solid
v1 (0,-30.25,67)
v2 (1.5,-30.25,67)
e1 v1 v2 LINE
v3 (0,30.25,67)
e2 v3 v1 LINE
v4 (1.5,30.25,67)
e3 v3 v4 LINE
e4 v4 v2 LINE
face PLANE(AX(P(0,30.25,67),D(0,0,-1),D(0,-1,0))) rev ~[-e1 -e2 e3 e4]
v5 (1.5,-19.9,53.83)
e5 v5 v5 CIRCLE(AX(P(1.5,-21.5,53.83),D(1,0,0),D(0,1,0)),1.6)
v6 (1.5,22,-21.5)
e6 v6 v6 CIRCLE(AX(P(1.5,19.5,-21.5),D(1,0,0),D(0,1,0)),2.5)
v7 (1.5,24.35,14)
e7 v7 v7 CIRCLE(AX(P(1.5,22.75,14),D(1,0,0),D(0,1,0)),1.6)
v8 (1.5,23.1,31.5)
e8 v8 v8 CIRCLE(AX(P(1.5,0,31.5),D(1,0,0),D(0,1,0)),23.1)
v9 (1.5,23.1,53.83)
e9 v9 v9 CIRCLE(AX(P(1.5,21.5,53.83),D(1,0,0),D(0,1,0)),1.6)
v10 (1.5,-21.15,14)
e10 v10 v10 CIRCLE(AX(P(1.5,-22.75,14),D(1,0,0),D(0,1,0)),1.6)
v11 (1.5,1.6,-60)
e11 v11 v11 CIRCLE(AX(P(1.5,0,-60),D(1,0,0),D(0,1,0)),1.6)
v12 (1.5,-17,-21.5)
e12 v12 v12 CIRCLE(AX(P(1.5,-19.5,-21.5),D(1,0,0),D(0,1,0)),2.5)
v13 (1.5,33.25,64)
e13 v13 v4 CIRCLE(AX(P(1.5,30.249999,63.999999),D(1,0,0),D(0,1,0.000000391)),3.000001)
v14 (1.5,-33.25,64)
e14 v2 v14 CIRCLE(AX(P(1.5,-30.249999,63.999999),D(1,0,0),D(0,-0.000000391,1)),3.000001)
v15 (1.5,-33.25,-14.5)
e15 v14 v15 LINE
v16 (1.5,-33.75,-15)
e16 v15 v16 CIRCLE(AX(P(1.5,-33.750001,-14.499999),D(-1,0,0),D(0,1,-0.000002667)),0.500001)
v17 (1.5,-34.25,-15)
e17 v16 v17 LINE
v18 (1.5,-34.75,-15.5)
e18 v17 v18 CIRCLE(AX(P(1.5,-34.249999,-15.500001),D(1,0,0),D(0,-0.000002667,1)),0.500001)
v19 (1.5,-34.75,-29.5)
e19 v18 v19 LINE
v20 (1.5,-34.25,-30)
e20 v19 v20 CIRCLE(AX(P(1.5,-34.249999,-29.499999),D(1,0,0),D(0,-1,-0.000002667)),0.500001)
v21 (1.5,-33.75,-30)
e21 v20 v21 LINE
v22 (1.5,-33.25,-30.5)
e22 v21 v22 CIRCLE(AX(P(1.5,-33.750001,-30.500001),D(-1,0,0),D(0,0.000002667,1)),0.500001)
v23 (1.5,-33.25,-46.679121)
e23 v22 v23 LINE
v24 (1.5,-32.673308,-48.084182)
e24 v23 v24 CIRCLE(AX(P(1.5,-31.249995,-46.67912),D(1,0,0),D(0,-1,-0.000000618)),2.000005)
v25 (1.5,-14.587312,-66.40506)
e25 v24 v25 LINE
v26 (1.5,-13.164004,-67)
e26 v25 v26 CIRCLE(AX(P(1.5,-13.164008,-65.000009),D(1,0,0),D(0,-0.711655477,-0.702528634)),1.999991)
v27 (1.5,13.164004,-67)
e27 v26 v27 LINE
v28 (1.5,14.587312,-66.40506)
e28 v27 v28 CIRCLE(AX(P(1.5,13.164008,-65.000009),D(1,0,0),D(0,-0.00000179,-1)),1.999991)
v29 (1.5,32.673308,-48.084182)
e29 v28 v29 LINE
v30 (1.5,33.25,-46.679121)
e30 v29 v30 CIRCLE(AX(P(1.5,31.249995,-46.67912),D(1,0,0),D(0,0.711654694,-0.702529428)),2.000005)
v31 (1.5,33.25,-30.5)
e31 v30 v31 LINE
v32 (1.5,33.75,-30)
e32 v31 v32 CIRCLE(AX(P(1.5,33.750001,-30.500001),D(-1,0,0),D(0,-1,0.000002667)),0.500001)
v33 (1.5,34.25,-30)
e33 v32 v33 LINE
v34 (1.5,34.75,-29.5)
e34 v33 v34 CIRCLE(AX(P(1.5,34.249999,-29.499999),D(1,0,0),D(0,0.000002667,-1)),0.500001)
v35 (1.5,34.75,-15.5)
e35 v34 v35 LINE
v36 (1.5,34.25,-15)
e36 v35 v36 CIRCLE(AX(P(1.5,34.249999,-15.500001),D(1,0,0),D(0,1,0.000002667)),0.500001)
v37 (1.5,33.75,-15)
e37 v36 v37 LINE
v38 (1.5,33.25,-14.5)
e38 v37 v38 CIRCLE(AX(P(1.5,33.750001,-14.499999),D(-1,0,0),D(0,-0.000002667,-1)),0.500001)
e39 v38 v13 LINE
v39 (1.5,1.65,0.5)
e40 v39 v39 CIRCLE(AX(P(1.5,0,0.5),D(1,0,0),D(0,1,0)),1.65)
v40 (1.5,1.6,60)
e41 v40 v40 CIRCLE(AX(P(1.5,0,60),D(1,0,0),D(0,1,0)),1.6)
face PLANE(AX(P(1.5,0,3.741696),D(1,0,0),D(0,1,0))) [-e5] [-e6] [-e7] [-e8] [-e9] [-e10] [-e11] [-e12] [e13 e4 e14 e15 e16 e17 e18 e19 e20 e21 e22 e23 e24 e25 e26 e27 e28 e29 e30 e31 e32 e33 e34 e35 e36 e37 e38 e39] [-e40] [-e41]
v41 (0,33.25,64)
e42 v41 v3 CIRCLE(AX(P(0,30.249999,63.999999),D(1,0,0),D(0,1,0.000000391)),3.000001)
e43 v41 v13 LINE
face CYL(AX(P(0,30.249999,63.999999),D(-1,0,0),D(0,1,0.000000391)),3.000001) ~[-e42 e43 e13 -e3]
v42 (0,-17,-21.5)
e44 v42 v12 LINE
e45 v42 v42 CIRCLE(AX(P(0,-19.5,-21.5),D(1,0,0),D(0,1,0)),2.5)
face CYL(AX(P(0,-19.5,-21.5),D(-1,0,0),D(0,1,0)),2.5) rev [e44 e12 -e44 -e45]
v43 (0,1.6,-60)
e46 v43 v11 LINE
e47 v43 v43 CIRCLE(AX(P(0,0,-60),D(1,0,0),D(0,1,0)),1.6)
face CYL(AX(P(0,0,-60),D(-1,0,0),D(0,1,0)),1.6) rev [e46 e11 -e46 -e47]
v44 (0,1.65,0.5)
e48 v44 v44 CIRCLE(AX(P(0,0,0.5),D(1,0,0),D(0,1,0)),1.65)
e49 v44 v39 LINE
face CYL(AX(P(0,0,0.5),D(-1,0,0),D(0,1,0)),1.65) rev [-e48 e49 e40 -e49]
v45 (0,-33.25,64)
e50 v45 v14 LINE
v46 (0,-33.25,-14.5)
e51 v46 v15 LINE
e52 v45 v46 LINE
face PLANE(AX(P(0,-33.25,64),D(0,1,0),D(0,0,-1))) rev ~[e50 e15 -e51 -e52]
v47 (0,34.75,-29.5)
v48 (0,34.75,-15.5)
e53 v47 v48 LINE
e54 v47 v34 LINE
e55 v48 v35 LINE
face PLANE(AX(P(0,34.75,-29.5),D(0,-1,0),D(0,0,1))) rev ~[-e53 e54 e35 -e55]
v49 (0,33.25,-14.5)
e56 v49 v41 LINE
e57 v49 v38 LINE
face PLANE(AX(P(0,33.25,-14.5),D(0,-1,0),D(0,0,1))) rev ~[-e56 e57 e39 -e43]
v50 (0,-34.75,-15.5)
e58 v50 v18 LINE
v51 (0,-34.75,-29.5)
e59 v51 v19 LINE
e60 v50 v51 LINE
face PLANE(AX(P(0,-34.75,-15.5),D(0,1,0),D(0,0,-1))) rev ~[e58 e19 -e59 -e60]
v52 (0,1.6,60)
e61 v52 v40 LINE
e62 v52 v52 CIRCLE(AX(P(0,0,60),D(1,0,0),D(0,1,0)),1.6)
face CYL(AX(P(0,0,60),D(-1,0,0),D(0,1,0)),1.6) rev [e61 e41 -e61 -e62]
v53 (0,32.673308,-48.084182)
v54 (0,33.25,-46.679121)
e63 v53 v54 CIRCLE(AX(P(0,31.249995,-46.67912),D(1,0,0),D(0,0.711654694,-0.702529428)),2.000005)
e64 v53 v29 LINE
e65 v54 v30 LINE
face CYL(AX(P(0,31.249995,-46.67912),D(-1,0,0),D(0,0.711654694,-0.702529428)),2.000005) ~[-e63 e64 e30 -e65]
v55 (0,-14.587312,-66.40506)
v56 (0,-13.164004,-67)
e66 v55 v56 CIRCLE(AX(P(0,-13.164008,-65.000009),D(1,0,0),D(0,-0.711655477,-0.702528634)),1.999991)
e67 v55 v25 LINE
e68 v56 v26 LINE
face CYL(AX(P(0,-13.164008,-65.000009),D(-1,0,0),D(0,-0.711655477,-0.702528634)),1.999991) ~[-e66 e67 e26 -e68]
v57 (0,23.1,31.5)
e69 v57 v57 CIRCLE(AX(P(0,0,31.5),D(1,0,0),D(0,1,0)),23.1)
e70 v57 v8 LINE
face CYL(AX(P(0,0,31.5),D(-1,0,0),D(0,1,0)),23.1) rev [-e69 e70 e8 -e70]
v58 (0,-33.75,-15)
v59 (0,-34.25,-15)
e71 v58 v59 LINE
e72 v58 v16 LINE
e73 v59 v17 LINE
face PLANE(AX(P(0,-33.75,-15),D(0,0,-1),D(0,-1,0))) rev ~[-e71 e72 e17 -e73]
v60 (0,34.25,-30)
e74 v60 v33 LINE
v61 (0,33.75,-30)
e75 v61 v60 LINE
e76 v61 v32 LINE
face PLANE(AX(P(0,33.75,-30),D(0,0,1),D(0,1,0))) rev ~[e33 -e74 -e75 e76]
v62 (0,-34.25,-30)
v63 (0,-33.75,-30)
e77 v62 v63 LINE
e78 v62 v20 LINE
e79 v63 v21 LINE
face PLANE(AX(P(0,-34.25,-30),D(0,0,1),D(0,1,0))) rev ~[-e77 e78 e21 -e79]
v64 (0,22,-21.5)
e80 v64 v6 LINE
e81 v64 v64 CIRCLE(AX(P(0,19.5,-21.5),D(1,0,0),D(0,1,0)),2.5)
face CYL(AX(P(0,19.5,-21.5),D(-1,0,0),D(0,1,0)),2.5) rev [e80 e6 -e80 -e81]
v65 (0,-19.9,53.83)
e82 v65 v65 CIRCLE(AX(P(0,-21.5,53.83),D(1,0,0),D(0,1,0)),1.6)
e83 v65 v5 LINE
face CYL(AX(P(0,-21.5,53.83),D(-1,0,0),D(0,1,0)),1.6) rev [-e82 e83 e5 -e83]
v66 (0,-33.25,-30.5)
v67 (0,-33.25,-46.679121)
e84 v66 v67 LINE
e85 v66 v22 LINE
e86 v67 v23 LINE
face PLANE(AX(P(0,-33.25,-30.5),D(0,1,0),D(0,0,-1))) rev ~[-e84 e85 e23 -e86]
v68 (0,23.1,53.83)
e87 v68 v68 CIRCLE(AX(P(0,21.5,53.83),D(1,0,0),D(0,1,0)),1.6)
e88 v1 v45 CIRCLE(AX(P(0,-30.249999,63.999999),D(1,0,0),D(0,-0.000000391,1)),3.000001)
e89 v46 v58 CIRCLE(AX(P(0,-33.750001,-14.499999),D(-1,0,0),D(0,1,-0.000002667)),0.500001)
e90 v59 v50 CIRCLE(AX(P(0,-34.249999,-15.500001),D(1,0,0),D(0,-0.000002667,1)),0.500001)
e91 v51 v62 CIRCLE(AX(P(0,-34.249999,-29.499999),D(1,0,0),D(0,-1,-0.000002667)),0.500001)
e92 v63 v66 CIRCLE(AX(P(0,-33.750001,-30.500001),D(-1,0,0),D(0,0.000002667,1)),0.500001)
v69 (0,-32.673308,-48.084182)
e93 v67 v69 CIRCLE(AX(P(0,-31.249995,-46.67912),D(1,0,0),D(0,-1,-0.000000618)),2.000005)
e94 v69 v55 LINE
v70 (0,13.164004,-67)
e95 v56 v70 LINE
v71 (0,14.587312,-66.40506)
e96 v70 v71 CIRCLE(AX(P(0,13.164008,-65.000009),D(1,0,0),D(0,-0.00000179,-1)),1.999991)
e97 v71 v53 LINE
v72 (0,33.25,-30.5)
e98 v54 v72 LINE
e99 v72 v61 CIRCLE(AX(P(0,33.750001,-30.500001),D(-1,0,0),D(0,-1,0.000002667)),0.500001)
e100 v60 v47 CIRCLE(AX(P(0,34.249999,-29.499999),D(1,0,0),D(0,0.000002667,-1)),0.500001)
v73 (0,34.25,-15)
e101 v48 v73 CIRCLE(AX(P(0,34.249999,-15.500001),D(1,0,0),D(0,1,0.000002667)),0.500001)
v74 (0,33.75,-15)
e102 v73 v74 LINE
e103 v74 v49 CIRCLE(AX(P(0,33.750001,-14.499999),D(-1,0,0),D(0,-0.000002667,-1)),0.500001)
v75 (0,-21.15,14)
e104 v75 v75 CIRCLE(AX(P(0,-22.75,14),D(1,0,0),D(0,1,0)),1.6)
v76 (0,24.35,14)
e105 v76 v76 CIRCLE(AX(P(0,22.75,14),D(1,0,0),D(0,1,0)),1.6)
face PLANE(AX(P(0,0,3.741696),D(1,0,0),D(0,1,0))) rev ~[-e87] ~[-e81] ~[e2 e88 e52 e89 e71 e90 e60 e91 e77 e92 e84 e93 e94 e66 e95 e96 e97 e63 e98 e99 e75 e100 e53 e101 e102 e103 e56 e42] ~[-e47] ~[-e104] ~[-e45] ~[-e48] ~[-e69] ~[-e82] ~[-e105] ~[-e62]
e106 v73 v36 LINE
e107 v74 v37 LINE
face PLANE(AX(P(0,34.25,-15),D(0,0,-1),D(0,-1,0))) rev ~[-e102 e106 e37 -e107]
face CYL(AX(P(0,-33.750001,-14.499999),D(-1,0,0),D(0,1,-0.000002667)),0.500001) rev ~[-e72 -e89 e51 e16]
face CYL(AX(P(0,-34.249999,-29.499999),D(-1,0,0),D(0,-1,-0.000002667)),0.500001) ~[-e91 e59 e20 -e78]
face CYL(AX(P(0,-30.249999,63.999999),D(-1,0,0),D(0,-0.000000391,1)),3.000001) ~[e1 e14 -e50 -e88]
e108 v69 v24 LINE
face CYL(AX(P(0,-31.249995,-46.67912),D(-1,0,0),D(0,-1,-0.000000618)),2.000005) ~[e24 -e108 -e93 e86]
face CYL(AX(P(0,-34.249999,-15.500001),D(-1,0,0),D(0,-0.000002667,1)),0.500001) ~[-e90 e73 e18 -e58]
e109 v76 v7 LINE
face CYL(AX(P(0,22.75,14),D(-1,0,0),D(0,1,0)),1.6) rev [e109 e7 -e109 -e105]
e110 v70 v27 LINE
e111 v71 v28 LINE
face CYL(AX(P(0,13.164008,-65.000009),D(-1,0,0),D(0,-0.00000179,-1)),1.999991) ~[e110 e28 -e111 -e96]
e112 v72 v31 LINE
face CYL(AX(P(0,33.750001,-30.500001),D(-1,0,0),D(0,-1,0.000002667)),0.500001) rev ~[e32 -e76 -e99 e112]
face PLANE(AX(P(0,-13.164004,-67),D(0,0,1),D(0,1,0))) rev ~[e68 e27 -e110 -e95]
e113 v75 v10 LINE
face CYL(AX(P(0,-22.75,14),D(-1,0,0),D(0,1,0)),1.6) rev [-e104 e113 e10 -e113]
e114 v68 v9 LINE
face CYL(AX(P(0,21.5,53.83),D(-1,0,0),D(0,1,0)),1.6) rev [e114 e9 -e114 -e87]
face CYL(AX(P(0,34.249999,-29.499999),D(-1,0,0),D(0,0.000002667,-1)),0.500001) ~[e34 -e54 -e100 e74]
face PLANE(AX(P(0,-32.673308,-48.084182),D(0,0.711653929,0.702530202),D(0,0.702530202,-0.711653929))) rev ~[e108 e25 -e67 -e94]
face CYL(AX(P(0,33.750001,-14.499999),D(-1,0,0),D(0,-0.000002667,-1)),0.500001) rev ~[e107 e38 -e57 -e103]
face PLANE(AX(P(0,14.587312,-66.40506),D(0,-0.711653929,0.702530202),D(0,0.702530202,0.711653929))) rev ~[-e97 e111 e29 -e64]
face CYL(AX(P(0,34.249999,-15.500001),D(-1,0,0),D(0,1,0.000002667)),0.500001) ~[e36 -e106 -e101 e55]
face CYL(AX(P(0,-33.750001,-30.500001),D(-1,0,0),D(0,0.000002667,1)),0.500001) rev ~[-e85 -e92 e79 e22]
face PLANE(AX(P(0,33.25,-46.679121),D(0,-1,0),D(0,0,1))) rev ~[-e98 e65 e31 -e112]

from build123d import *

# Parameters (mm, degrees)
F0_R     = 2.5
F0_R_2   = 1.6
F0_R_3   = 1.65
F0_R_4   = 23.1
F1_DEPTH = 1.5


with BuildPart() as f1:
    # F0 (on Right) → F1 (new body)
    with BuildSketch(Plane.YZ):
        with BuildLine():
            ThreePointArc((33.25, 64), (32.37132, 66.12132), (30.25, 67))
            Line((30.25, 67), (-30.25, 67))
            ThreePointArc((-30.25, 67), (-32.37132, 66.12132), (-33.25, 64))
            Line((-33.25, 64), (-33.25, -14.5))
            ThreePointArc((-33.25, -14.5), (-33.396447, -14.853553), (-33.75, -15))
            Line((-33.75, -15), (-34.25, -15))
            ThreePointArc((-34.25, -15), (-34.603553, -15.146447), (-34.75, -15.5))
            Line((-34.75, -15.5), (-34.75, -29.5))
            ThreePointArc((-34.75, -29.5), (-34.603553, -29.853553), (-34.25, -30))
            Line((-34.25, -30), (-33.75, -30))
            ThreePointArc((-33.75, -30), (-33.396447, -30.146447), (-33.25, -30.5))
            Line((-33.25, -30.5), (-33.25, -46.679121))
            ThreePointArc((-33.25, -46.679121), (-33.100218, -47.438524), (-32.673308, -48.084182))
            Line((-32.673308, -48.084182), (-14.587312, -66.40506))
            ThreePointArc((-14.587312, -66.40506), (-13.935328, -66.845281), (-13.164004, -67))
            Line((-13.164004, -67), (13.164004, -67))
            ThreePointArc((13.164004, -67), (13.935328, -66.845281), (14.587312, -66.40506))
            Line((14.587312, -66.40506), (32.673308, -48.084182))
            ThreePointArc((32.673308, -48.084182), (33.100218, -47.438524), (33.25, -46.679121))
            Line((33.25, -46.679121), (33.25, -30.5))
            ThreePointArc((33.25, -30.5), (33.396447, -30.146447), (33.75, -30))
            Line((33.75, -30), (34.25, -30))
            ThreePointArc((34.25, -30), (34.603553, -29.853553), (34.75, -29.5))
            Line((34.75, -29.5), (34.75, -15.5))
            ThreePointArc((34.75, -15.5), (34.603553, -15.146447), (34.25, -15))
            Line((34.25, -15), (33.75, -15))
            ThreePointArc((33.75, -15), (33.396447, -14.853553), (33.25, -14.5))
            Line((33.25, -14.5), (33.25, 64))
        make_face()
        with Locations((-19.5, -21.5)):
            Circle(F0_R, mode=Mode.SUBTRACT)
        with Locations((0, -60)):
            Circle(F0_R_2, mode=Mode.SUBTRACT)
        with Locations((19.5, -21.5)):
            Circle(F0_R, mode=Mode.SUBTRACT)
        with Locations((-22.75, 14)):
            Circle(F0_R_2, mode=Mode.SUBTRACT)
        with Locations((-21.5, 53.83)):
            Circle(F0_R_2, mode=Mode.SUBTRACT)
        with Locations((0, 0.5)):
            Circle(F0_R_3, mode=Mode.SUBTRACT)
        with Locations((0, 31.5)):
            Circle(F0_R_4, mode=Mode.SUBTRACT)
        with Locations((22.75, 14)):
            Circle(F0_R_2, mode=Mode.SUBTRACT)
        with Locations((0, 60)):
            Circle(F0_R_2, mode=Mode.SUBTRACT)
        with Locations((21.5, 53.83)):
            Circle(F0_R_2, mode=Mode.SUBTRACT)
    extrude(amount=F1_DEPTH)


solid = f1.part
